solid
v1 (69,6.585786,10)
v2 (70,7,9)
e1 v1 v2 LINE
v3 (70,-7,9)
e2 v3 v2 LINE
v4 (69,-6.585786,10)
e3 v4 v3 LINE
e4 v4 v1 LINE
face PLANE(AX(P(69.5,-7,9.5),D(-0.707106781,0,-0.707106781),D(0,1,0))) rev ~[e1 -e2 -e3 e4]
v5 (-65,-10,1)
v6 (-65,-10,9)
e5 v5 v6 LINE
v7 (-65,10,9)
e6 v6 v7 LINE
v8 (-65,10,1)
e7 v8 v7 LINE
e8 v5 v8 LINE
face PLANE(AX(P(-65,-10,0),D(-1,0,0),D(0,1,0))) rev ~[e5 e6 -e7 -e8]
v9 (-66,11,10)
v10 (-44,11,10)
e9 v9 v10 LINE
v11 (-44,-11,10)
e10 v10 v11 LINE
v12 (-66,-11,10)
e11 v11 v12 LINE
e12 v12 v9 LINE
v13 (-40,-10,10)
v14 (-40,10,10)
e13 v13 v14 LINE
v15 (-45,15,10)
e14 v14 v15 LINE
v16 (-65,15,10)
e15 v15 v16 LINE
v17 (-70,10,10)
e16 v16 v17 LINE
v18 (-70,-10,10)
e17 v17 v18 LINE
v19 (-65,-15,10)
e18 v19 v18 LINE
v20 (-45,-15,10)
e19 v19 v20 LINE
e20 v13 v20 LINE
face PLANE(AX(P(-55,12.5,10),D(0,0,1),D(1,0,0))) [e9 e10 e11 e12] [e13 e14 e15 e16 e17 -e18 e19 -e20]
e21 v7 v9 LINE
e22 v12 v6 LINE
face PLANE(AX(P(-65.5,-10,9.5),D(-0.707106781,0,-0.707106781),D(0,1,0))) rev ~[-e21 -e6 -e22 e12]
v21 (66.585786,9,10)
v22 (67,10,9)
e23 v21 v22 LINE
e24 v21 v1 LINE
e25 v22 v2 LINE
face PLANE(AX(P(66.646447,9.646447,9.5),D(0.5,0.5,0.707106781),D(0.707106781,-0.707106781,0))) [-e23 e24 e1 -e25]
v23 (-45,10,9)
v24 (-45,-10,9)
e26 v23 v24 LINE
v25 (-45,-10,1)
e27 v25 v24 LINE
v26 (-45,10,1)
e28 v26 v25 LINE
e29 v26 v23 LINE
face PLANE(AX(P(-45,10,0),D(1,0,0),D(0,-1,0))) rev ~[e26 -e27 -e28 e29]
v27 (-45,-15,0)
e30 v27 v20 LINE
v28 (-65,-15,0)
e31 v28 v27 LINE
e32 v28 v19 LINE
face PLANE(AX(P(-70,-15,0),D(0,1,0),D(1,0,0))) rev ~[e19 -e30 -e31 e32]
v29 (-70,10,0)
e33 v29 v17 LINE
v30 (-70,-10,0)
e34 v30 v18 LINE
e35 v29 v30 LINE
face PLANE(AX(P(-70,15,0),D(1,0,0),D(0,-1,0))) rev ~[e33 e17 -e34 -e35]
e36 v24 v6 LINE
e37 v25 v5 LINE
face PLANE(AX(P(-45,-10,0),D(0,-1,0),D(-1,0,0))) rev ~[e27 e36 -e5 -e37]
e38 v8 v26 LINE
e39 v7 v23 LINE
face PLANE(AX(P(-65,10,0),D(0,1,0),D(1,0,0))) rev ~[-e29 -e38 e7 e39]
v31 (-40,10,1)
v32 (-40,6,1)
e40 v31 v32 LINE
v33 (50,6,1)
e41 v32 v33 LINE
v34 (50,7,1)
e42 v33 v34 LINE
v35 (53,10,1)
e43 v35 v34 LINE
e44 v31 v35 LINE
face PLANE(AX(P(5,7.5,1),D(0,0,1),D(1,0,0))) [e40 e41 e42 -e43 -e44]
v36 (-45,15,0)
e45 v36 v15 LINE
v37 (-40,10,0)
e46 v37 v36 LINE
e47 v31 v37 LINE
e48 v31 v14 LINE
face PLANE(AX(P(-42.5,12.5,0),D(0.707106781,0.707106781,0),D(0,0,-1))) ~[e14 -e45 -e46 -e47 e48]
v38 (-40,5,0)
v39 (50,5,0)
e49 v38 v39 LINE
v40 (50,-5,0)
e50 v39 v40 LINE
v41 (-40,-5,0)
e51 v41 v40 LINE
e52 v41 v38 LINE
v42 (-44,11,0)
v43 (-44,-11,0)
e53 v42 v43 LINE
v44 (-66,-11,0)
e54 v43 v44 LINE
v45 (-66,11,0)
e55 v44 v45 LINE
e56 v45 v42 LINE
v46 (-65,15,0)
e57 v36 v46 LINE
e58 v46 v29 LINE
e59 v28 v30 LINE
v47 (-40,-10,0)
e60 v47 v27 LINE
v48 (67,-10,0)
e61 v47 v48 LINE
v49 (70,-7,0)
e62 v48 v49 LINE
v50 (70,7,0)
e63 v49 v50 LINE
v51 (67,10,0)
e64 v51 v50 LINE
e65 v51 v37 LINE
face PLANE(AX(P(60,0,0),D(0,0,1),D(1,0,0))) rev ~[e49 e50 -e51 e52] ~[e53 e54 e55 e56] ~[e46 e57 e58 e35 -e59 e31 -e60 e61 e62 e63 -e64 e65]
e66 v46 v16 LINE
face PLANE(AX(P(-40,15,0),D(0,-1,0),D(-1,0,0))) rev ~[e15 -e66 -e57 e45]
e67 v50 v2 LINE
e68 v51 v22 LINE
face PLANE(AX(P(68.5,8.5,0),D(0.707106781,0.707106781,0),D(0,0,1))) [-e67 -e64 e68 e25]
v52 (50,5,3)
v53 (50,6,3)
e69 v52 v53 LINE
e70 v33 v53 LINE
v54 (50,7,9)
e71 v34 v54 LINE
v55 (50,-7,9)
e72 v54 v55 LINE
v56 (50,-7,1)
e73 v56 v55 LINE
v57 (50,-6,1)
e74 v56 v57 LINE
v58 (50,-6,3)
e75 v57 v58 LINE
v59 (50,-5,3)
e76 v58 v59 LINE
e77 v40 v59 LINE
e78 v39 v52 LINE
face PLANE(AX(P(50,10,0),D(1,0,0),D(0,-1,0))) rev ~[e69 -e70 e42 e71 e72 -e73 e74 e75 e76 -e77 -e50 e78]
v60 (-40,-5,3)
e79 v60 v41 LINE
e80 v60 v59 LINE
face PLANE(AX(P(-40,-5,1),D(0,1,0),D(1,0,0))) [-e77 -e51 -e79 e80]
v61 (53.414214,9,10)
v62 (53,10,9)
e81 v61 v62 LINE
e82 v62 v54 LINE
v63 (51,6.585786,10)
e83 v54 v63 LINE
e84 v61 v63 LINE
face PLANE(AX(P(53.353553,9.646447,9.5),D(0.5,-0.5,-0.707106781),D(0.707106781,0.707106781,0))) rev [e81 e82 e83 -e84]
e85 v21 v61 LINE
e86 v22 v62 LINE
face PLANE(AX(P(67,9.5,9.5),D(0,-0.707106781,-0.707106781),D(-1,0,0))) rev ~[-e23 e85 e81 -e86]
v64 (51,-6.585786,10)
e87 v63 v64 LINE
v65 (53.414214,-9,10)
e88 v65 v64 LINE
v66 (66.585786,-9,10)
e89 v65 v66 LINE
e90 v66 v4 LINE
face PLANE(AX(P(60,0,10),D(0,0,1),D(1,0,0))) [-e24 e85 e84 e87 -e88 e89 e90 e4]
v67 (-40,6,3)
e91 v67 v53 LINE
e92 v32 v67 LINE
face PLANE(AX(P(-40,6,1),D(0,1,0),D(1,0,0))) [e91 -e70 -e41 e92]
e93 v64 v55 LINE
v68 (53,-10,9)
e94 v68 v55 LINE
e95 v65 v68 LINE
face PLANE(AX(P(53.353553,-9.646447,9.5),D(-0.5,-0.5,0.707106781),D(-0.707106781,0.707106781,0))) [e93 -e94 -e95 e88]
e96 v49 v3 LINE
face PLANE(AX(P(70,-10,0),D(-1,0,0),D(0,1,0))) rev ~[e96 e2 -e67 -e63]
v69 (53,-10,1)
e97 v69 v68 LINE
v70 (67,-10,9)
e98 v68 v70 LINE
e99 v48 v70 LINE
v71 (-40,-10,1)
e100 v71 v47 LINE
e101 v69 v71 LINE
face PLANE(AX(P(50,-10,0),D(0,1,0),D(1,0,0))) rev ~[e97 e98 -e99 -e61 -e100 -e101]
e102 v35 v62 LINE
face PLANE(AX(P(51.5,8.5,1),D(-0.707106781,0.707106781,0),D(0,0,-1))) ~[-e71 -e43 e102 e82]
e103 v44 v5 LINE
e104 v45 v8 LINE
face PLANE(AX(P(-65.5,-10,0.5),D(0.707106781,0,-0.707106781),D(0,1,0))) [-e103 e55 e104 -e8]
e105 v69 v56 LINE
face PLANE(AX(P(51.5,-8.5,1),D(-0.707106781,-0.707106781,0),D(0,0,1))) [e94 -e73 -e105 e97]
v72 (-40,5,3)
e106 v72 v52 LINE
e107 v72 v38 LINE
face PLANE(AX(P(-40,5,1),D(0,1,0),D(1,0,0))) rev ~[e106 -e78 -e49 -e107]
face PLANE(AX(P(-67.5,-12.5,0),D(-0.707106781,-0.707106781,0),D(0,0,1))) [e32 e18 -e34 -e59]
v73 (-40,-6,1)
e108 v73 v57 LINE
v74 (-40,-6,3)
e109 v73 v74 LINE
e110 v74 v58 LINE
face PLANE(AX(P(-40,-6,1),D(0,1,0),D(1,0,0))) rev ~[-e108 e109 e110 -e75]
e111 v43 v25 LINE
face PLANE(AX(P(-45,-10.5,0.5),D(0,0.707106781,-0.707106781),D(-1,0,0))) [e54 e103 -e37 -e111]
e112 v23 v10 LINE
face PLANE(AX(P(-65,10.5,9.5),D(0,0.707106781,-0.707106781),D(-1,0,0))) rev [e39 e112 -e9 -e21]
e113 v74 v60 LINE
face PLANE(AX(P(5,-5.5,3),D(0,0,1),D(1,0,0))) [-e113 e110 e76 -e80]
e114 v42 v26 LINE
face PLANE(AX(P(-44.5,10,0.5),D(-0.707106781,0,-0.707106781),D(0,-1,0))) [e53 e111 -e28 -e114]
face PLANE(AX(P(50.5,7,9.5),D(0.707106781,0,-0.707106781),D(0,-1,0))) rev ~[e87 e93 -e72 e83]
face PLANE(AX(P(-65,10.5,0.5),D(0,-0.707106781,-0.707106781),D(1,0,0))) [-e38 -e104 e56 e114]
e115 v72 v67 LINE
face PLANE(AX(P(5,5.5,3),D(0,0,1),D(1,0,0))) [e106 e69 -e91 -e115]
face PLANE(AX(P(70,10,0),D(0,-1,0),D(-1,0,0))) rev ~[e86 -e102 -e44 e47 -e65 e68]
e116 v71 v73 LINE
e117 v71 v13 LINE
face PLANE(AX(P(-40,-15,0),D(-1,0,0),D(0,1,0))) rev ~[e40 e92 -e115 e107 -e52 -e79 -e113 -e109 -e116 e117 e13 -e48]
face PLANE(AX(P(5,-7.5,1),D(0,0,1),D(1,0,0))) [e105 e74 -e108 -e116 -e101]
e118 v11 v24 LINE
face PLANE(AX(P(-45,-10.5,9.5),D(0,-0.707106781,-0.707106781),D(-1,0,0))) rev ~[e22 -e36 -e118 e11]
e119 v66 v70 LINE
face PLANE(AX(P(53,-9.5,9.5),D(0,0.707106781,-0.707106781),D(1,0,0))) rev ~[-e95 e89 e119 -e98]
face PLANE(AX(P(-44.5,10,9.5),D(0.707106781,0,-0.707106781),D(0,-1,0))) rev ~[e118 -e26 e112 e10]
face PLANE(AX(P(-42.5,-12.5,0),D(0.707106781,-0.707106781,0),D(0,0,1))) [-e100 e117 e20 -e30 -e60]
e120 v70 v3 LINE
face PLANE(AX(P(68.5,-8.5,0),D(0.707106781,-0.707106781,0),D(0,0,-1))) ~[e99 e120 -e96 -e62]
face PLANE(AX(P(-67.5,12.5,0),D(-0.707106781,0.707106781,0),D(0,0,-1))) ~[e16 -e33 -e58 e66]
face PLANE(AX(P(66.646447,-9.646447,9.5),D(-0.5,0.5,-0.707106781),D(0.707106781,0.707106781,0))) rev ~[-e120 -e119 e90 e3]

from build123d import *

# Parameters (mm, degrees)
F0_W     = 90
F0_H     = 5
F1_DEPTH = 1
F0_W_2   = 5
F0_H_2   = 20
F2_DEPTH = 10
F3_W     = 90
F3_H     = 1
F4_DEPTH = 2
F5_SIZE  = 3
F6_SIZE  = 1
F7_SIZE  = 5


with BuildPart() as f1:
    # F0 (on Top) → F1 (new body)
    with BuildSketch(Plane.XY):
        with Locations((5, -7.5)):
            Rectangle(F0_W, F0_H)
    extrude(amount=F1_DEPTH)



with BuildPart() as f1b:
    # F0 (on Top) → F1, piece 2 (new body)
    with BuildSketch(Plane.XY):
        Polygon((50, 5), (50, 10), (-30, 10), (-40, 10), (-40, 5), align=None)
    extrude(amount=F1_DEPTH)


with BuildPart() as f1_1:
    add(f1.part)

    add(f1b.part)  # F2 merges F1b
    # F0 (on Top) → F2 (join)
    with BuildSketch(Plane.XY):
        Polygon((70, -10), (70, 10), (50, 10), (50, 5), (50, -5), (50, -10), align=None)
        Polygon((-45, 10), (-40, 10), (-40, 15), (-70, 15), (-70, 10), (-65, 10), align=None)
        Polygon((-40, 5), (-40, 10), (-45, 10), (-45, -10), (-40, -10), (-40, -5), align=None)
        with Locations((-67.5, 0)):
            Rectangle(F0_W_2, F0_H_2)
        Polygon((-40, -15), (-40, -10), (-45, -10), (-65, -10), (-70, -10), (-70, -15), align=None)
    extrude(amount=F2_DEPTH)

    # F3 (on face) → F4 (join)
    with BuildSketch(Plane.XY.offset(1)):
        with Locations((5, 5.5)):
            Rectangle(F3_W, F3_H)
        with Locations((5, -5.5)):
            Rectangle(F3_W, F3_H)
    extrude(amount=F4_DEPTH)

    # F5
    f5_edges = [f1_1.edges().sort_by_distance(p)[0] for p in [
        (70, -10, 5),
        (70, 10, 5),
        (50, -10, 5.5),
        (50, 10, 5.5),
    ]]
    chamfer(f5_edges, length=F5_SIZE)

    # F6
    f6_edges = [f1_1.edges().sort_by_distance(p)[0] for p in [
        (60, 10, 10),
        (51.5, 8.5, 10),
        (50, 0, 10),
        (51.5, -8.5, 10),
        (60, -10, 10),
        (68.5, -8.5, 10),
        (70, 0, 10),
        (68.5, 8.5, 10),
        (-55, 10, 10),
        (-65, 0, 10),
        (-55, -10, 10),
        (-45, 0, 10),
        (-65, 0, 0),
        (-55, -10, 0),
        (-45, 0, 0),
        (-55, 10, 0),
    ]]
    chamfer(f6_edges, length=F6_SIZE)

    # F7
    f7_edges = [f1_1.edges().sort_by_distance(p)[0] for p in [
        (-40, 15, 5),
        (-70, 15, 5),
        (-70, -15, 5),
        (-40, -15, 5),
    ]]
    chamfer(f7_edges, length=F7_SIZE)


solid = f1_1.part
